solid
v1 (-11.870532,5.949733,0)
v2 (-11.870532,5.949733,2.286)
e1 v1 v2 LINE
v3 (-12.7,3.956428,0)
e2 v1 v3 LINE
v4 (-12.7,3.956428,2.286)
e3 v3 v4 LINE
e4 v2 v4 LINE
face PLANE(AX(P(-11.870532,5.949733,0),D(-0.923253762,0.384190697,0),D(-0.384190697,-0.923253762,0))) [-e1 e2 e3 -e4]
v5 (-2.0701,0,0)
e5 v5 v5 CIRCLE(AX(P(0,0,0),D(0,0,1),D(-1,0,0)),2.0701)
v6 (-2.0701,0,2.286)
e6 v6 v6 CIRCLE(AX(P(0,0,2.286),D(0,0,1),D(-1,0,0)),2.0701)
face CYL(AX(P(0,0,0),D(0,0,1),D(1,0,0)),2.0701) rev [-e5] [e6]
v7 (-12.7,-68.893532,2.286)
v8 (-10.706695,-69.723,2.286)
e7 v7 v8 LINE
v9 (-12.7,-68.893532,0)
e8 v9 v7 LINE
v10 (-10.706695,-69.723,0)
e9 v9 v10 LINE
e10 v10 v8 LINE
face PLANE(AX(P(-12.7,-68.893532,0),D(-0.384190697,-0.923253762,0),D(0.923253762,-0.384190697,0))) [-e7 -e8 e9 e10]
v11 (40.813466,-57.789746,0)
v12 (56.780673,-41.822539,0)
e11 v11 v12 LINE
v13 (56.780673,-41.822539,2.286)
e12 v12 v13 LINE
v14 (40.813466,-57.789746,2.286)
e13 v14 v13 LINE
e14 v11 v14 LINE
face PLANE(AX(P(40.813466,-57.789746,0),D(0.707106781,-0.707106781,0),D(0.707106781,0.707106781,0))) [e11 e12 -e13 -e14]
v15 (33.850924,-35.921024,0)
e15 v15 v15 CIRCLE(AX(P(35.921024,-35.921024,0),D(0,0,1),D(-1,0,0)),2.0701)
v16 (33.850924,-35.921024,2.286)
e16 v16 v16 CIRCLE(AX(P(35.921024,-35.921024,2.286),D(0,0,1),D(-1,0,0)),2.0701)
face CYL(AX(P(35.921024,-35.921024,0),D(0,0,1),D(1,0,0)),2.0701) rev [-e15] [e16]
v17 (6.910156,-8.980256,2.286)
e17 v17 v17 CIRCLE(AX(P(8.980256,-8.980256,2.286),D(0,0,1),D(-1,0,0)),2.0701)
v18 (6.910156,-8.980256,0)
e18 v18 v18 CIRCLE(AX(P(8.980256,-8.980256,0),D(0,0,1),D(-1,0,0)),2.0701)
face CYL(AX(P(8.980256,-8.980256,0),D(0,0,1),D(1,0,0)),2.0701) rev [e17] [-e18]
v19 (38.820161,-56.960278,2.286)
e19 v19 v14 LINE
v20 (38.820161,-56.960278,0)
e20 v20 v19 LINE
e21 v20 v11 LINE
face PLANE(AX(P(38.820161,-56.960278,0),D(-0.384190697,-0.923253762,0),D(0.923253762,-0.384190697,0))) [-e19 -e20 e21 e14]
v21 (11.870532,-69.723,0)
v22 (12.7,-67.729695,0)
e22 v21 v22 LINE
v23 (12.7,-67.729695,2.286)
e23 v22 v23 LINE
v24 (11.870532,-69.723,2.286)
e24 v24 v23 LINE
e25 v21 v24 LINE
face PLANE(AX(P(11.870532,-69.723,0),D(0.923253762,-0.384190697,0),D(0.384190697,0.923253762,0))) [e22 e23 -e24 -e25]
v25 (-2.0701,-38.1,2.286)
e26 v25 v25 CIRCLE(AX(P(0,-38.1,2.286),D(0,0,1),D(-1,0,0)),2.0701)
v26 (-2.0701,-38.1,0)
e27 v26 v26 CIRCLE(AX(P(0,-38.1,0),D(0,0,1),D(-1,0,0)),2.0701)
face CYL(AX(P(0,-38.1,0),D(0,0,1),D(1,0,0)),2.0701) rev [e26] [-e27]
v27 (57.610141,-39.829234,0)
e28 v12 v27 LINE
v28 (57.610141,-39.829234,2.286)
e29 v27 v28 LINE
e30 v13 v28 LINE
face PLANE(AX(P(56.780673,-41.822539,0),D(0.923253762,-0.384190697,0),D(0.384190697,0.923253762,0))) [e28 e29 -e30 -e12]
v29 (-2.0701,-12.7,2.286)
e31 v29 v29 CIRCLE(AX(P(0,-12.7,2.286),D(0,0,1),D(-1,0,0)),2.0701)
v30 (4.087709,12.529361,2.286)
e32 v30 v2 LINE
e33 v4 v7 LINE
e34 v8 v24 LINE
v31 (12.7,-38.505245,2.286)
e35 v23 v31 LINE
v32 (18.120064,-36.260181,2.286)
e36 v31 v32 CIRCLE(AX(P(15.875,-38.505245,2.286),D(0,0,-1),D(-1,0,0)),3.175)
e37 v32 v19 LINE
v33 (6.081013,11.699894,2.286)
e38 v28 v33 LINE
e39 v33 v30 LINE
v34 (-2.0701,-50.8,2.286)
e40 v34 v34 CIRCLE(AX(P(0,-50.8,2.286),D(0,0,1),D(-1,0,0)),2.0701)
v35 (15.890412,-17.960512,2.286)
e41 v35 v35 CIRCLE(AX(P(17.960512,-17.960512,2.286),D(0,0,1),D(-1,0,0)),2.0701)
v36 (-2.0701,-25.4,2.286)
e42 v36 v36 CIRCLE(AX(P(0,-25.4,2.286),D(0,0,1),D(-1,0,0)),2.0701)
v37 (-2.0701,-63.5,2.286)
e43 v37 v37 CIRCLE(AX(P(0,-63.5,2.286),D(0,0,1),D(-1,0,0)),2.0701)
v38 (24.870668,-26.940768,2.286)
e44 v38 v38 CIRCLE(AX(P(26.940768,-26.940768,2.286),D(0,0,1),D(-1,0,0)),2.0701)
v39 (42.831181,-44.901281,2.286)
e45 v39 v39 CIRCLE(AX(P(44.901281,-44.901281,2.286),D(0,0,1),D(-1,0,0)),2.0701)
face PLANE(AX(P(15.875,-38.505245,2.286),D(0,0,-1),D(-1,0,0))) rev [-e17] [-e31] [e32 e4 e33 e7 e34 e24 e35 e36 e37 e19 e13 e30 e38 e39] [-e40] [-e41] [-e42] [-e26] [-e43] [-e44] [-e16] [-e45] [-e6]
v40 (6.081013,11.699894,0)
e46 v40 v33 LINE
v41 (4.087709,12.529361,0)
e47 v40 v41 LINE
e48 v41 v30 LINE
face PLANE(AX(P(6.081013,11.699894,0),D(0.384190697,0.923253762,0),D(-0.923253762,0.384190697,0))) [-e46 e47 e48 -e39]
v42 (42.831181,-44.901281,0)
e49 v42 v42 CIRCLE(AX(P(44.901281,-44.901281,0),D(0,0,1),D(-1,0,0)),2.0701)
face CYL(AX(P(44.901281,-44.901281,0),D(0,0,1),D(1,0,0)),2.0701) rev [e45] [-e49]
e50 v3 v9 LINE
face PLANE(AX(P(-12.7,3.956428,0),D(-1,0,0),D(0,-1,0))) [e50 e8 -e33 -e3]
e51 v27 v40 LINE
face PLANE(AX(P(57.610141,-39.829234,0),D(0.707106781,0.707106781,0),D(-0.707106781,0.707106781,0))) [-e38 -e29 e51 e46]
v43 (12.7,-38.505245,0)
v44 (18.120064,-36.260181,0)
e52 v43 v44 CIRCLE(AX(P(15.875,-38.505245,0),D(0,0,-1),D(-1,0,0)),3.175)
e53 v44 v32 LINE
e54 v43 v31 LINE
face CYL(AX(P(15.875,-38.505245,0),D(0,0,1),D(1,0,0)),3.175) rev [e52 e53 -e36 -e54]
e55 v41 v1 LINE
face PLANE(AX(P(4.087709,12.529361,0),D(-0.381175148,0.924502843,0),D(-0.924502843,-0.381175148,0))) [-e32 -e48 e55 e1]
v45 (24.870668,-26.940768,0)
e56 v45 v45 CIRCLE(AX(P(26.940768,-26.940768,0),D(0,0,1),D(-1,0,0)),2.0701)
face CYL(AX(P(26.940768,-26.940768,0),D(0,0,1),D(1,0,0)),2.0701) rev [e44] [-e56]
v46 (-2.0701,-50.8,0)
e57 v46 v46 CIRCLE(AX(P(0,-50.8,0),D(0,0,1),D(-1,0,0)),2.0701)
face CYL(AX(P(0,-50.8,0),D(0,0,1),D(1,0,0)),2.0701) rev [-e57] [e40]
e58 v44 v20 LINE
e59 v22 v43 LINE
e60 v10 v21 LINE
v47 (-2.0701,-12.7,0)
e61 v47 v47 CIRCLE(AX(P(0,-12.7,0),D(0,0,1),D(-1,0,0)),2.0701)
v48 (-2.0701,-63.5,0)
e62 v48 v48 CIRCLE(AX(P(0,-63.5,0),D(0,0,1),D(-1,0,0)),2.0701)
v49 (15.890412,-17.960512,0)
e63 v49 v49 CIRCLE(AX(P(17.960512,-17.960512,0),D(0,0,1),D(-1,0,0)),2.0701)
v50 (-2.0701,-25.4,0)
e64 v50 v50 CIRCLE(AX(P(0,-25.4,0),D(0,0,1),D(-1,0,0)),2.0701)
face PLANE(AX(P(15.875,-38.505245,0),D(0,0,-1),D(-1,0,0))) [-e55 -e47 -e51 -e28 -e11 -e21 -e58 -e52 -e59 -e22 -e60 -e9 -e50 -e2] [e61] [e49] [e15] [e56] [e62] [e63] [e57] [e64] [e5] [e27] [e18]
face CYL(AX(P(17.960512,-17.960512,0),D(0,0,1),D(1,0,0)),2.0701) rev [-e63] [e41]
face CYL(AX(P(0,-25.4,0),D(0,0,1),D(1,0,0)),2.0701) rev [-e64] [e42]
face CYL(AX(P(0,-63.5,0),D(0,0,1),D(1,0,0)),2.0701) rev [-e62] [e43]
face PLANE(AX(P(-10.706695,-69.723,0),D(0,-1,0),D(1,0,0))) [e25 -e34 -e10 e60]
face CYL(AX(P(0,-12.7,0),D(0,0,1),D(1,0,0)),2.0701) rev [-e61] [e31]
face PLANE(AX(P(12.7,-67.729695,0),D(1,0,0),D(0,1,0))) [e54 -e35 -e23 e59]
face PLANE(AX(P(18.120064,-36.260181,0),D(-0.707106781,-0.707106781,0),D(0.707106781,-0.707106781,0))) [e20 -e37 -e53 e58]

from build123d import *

# Parameters (mm, degrees)
SKETCH1_R           = 2.0701
BOSS_EXTRUDE1_DEPTH = 2.286


with BuildPart() as part:
    # Sketch1 → Boss-Extrude1 (new body)
    with BuildSketch(Plane.XY.offset(2.286)):
        with BuildLine():
            Line((-12.7, 3.956428413), (-12.7, -68.893532285))
            Line((-12.7, -68.893532285), (-10.706695129, -69.723))
            Line((-10.706695129, -69.723), (11.870532285, -69.723))
            Line((11.870532285, -69.723), (12.7, -67.729695129))
            Line((12.7, -67.729695129), (12.7, -38.505245425))
            ThreePointArc((12.7, -38.505245425), (14.659980102, -35.571927909), (18.12006403, -36.260181395))
            Line((18.12006403, -36.260181395), (38.820161129, -56.960278494))
            Line((38.820161129, -56.960278494), (40.813466, -57.789746209))
            Line((40.813466, -57.789746209), (56.780673371, -41.822538838))
            Line((56.780673371, -41.822538838), (57.610141086, -39.829233967))
            Line((57.610141086, -39.829233967), (6.081013492, 11.699893628))
            Line((6.081013492, 11.699893628), (4.087708621, 12.529361343))
            Line((4.087708621, 12.529361343), (-11.870532285, 5.949733284))
            Line((-11.870532285, 5.949733284), (-12.7, 3.956428413))
        make_face()
        with Locations((0, -63.5)):
            Circle(SKETCH1_R, mode=Mode.SUBTRACT)
        with Locations((35.921024484, -35.921024484)):
            Circle(SKETCH1_R, mode=Mode.SUBTRACT)
        with Locations((17.960512242, -17.960512242)):
            Circle(SKETCH1_R, mode=Mode.SUBTRACT)
        with Locations((0, -38.1)):
            Circle(SKETCH1_R, mode=Mode.SUBTRACT)
        with Locations((0, -12.7)):
            Circle(SKETCH1_R, mode=Mode.SUBTRACT)
        Circle(SKETCH1_R, mode=Mode.SUBTRACT)
        with Locations((8.980256121, -8.980256121)):
            Circle(SKETCH1_R, mode=Mode.SUBTRACT)
        with Locations((0, -25.4)):
            Circle(SKETCH1_R, mode=Mode.SUBTRACT)
        with Locations((0, -50.8)):
            Circle(SKETCH1_R, mode=Mode.SUBTRACT)
        with Locations((26.940768363, -26.940768363)):
            Circle(SKETCH1_R, mode=Mode.SUBTRACT)
        with Locations((44.901280605, -44.901280605)):
            Circle(SKETCH1_R, mode=Mode.SUBTRACT)
    extrude(amount=-BOSS_EXTRUDE1_DEPTH)


solid = part.part
